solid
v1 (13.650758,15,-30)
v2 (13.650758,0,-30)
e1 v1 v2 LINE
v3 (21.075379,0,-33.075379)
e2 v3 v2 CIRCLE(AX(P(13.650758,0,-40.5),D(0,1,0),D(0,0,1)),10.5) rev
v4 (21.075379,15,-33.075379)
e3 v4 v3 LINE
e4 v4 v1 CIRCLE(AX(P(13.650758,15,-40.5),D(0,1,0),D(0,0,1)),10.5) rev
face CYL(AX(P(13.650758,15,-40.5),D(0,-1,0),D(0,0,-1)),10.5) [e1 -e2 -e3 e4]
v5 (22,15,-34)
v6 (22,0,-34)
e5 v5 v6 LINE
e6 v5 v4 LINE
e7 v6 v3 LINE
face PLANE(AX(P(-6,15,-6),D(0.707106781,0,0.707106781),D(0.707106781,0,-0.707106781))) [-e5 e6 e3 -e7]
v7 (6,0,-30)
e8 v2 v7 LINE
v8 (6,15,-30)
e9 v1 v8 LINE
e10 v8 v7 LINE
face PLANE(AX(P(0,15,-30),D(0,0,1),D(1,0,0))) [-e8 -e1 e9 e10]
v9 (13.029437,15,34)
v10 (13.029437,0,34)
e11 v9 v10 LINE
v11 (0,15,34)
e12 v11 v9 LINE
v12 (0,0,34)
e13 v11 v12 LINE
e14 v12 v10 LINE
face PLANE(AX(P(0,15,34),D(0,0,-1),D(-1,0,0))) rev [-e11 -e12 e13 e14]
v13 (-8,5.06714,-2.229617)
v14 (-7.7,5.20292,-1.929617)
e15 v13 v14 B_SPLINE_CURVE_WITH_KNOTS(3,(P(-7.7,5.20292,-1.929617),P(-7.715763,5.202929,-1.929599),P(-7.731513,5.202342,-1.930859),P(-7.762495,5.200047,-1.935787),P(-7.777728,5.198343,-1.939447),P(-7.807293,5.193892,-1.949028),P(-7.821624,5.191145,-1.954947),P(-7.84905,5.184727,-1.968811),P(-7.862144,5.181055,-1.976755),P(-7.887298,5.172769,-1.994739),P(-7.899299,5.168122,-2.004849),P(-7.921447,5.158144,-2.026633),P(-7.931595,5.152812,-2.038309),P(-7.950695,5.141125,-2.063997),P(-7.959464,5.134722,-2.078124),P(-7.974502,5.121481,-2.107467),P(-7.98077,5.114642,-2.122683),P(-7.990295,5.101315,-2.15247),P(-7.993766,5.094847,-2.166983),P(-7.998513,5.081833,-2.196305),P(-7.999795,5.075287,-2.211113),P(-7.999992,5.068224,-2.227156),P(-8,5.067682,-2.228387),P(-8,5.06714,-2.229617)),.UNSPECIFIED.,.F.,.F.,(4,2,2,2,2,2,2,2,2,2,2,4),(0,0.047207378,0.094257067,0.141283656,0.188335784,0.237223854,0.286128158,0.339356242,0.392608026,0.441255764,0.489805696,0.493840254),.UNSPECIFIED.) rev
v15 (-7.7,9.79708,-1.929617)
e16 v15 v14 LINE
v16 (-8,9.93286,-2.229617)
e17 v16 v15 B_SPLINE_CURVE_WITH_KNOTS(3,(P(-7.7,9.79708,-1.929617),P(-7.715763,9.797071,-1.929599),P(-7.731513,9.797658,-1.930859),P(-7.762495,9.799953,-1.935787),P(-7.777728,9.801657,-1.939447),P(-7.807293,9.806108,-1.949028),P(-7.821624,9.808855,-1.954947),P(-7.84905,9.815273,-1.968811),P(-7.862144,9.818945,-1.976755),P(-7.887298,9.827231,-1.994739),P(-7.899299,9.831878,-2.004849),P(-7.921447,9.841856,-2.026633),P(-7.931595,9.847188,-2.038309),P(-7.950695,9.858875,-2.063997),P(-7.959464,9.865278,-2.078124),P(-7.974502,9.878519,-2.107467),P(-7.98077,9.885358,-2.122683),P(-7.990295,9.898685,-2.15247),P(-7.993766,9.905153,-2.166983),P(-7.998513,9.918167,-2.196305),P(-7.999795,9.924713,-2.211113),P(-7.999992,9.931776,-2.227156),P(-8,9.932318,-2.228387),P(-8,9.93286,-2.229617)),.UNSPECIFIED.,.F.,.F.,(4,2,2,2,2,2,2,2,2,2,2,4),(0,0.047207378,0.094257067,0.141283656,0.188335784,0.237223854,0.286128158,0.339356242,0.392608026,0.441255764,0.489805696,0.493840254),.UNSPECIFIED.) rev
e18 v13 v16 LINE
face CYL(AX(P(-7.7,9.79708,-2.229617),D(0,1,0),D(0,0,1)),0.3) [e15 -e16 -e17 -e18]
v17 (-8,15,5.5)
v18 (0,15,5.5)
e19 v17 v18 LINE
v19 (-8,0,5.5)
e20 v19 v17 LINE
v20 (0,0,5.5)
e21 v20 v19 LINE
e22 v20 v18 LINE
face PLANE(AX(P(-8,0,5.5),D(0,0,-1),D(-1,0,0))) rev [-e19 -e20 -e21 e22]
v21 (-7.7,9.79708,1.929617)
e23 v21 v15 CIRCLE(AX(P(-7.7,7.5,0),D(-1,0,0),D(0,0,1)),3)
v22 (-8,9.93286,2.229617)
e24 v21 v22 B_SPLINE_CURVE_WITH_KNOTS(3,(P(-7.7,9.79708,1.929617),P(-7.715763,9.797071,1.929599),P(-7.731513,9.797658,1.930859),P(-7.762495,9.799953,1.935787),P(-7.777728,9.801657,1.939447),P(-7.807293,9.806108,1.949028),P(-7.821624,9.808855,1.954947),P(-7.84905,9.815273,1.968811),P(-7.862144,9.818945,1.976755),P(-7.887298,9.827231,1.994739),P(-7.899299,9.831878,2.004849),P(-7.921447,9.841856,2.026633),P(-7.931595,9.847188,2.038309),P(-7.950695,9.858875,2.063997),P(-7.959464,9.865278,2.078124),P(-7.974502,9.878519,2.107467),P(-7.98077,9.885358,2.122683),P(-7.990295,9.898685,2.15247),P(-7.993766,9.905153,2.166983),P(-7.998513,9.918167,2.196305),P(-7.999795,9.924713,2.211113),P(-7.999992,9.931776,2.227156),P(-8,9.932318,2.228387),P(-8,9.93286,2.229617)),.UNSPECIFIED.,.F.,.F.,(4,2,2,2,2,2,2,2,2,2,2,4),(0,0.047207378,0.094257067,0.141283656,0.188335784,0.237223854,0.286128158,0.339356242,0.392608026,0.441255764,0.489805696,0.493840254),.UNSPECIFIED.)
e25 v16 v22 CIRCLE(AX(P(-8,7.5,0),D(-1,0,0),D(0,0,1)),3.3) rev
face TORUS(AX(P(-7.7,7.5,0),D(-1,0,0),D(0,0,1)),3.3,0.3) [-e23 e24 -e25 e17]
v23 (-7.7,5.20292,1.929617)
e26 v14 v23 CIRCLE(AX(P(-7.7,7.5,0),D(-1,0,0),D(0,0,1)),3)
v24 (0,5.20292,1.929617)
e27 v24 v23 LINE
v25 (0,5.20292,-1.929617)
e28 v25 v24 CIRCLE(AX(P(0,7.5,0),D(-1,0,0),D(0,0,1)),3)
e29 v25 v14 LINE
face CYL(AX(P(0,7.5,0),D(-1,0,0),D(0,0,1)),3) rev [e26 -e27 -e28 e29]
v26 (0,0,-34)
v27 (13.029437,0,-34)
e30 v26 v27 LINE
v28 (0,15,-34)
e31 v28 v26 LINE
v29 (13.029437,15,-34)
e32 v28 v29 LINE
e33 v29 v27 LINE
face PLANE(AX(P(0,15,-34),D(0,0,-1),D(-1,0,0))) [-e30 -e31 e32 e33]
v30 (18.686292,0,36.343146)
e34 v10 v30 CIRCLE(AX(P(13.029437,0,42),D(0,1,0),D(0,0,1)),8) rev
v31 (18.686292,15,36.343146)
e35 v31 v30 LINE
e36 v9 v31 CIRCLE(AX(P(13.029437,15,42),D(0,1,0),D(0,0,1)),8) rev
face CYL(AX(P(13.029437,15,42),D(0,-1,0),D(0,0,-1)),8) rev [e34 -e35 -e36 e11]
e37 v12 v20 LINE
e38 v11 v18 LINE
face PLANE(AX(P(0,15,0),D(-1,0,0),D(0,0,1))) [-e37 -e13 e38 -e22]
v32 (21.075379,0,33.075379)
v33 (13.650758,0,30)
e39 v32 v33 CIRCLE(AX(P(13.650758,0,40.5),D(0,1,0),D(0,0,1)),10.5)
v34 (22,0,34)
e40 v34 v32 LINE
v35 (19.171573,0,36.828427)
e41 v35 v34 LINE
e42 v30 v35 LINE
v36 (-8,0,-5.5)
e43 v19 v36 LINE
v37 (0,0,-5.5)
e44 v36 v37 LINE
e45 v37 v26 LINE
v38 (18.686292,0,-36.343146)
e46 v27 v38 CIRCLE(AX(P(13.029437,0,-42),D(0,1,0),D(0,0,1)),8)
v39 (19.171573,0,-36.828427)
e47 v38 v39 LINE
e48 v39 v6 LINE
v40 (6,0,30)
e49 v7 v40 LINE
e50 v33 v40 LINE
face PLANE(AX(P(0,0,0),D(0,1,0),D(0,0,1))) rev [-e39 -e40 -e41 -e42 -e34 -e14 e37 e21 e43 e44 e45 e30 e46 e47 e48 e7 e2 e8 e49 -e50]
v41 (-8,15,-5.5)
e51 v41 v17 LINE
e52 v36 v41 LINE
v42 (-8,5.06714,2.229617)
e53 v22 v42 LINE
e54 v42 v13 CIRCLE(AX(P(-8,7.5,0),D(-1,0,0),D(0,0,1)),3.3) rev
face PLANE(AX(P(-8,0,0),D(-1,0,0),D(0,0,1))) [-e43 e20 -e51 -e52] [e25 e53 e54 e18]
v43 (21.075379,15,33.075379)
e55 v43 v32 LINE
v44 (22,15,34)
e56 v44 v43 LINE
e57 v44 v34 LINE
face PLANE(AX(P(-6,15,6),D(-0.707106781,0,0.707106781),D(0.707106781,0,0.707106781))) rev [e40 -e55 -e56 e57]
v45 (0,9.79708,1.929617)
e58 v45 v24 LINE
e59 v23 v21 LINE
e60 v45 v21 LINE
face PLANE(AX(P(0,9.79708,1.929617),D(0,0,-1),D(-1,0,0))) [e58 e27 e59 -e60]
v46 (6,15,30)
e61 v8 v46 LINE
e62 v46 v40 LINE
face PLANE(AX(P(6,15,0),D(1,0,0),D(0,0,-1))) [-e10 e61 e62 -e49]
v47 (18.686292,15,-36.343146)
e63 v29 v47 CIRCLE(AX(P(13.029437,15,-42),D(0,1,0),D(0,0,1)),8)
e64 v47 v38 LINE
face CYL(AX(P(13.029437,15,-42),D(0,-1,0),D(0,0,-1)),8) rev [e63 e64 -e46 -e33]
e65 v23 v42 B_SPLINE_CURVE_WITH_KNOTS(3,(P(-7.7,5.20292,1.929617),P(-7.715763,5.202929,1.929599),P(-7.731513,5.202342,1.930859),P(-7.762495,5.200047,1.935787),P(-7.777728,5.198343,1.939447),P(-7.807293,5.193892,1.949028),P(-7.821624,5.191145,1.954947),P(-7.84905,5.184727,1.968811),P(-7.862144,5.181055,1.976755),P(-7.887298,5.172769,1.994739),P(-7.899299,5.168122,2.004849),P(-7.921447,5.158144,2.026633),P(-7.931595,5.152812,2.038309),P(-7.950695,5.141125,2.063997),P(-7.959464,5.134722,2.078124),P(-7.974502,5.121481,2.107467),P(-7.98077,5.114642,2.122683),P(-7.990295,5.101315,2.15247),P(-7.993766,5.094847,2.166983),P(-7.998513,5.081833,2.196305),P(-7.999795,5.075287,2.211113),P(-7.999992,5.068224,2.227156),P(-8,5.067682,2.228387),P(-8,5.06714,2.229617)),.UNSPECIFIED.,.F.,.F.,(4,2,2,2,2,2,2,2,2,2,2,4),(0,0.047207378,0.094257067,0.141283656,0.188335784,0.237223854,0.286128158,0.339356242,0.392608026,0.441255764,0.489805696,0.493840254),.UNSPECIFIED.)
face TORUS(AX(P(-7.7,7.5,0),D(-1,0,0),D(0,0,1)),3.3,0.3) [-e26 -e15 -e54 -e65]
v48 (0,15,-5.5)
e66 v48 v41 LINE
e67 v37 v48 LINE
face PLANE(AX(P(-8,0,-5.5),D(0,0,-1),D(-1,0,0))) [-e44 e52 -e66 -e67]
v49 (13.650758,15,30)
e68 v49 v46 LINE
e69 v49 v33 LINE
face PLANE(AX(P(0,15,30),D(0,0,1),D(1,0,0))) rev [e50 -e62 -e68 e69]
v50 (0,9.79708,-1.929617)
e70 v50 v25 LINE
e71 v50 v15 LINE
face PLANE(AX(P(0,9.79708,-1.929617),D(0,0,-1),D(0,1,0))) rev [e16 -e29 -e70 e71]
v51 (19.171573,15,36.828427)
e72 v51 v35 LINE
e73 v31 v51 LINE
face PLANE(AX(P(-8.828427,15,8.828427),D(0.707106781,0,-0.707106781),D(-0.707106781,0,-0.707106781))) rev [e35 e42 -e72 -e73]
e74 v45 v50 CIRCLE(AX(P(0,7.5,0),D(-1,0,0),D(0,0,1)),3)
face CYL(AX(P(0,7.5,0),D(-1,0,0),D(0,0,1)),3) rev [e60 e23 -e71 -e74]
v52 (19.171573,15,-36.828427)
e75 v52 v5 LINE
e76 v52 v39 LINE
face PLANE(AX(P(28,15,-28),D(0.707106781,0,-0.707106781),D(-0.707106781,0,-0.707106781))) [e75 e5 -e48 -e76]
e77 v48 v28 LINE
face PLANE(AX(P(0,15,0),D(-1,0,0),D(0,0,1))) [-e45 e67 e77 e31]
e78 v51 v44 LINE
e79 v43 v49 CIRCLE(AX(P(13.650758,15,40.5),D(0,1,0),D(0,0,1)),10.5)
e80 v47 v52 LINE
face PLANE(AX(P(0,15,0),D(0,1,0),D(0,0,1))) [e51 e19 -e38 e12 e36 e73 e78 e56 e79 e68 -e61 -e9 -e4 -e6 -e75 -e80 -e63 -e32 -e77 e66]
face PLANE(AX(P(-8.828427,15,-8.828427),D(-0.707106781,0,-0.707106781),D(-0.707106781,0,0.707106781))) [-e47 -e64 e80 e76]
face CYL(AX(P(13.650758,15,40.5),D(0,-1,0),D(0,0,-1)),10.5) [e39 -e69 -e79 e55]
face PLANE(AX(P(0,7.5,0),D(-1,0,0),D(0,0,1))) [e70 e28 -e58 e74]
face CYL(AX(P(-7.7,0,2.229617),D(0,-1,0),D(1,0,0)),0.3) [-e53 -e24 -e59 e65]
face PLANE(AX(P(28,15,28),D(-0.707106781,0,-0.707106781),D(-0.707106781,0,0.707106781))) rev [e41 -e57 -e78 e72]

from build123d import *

# Parameters (mm, degrees)
BOSS_EXTRUDE2_DEPTH = 15
BOSS_EXTRUDE3_DEPTH = 8
CUT_EXTRUDE3_DEPTH  = 8
FILLET1_R           = 0.3
SKETCH5_W           = 8
SKETCH5_H           = 11
BOSS_EXTRUDE4_DEPTH = 3
SKETCH6_W           = 8
SKETCH6_H           = 11
BOSS_EXTRUDE5_DEPTH = 3


with BuildPart() as part:
    # Sketch1 → Boss-Extrude2 (new body)
    with BuildSketch(Plane(origin=(0, 0, 0), x_dir=(1, 0, 0), z_dir=(0, 1, 0))):
        with BuildLine():
            Line((0, 34), (0, 0))
            Line((0, 0), (6, 0))
            Line((6, 0), (6, 30))
            Line((6, 30), (13.650757595, 30))
            ThreePointArc((13.650757595, 30), (17.668933635, 30.799264909), (21.075378798, 33.075378798))
            Line((21.075378798, 33.075378798), (22, 34))
            Line((22, 34), (19.171572875, 36.828427125))
            Line((19.171572875, 36.828427125), (18.686291501, 36.343145751))
            ThreePointArc((18.686291501, 36.343145751), (16.09090471, 34.60896374), (13.029437252, 34))
            Line((13.029437252, 34), (0, 34))
        make_face()
        with BuildLine():
            Line((0, 0), (0, -34))
            Line((0, -34), (13.029437252, -34))
            ThreePointArc((13.029437252, -34), (16.09090471, -34.60896374), (18.686291501, -36.343145751))
            Line((18.686291501, -36.343145751), (19.171572875, -36.828427125))
            Line((19.171572875, -36.828427125), (22, -34))
            Line((22, -34), (21.075378798, -33.075378798))
            ThreePointArc((21.075378798, -33.075378798), (17.668933635, -30.799264909), (13.650757595, -30))
            Line((13.650757595, -30), (6, -30))
            Line((6, -30), (6, 0))
            Line((6, 0), (0, 0))
        make_face()
    extrude(amount=BOSS_EXTRUDE2_DEPTH)

    # Sketch3 → Boss-Extrude3 (add)
    with BuildSketch(Plane.ZY):
        Polygon((0, 7.5), (-5.5, 6.286764706), (-5.5, 3), (5.5, 3), (5.5, 6.286764706), align=None)
        Polygon((-5.5, 8.713235294), (0, 7.5), (5.5, 8.713235294), (5.5, 12), (-5.5, 12), align=None)
        Polygon((-5.5, 8.713235294), (-5.5, 6.286764706), (0, 7.5), align=None)
        Polygon((5.5, 8.713235294), (0, 7.5), (5.5, 6.286764706), align=None)
    extrude(amount=BOSS_EXTRUDE3_DEPTH)

    # Sketch4 → Cut-Extrude3 (cut)
    with BuildSketch(Plane.ZY.offset(8)):
        with BuildLine():
            Line((-1.929617446, 9.797079997), (-1.929617446, 5.202920003))
            ThreePointArc((-1.929617446, 5.202920003), (0, 4.5), (1.929617446, 5.202920003))
            Line((1.929617446, 5.202920003), (1.929617446, 9.797079997))
            ThreePointArc((1.929617446, 9.797079997), (0, 10.5), (-1.929617446, 9.797079997))
        make_face()
    extrude(amount=-CUT_EXTRUDE3_DEPTH, mode=Mode.SUBTRACT)

    # Fillet1
    fillet1_edges = [part.edges().sort_by_distance(p)[0] for p in [
        (-8, 7.5, 1.929617446),
        (-8, 10.5, 0),
        (-8, 7.5, -1.929617446),
        (-8, 4.5, 0),
    ]]
    fillet(fillet1_edges, radius=FILLET1_R)

    # Sketch5 → Boss-Extrude4 (add)
    with BuildSketch(Plane.XZ.offset(-3)):
        with Locations((-4, 0)):
            Rectangle(SKETCH5_W, SKETCH5_H)
    extrude(amount=BOSS_EXTRUDE4_DEPTH)

    # Sketch6 → Boss-Extrude5 (add)
    with BuildSketch(Plane(origin=(0, 12, 0), x_dir=(1, 0, 0), z_dir=(0, 1, 0))):
        with Locations((-4, 0)):
            Rectangle(SKETCH6_W, SKETCH6_H)
    extrude(amount=BOSS_EXTRUDE5_DEPTH)


solid = part.part
